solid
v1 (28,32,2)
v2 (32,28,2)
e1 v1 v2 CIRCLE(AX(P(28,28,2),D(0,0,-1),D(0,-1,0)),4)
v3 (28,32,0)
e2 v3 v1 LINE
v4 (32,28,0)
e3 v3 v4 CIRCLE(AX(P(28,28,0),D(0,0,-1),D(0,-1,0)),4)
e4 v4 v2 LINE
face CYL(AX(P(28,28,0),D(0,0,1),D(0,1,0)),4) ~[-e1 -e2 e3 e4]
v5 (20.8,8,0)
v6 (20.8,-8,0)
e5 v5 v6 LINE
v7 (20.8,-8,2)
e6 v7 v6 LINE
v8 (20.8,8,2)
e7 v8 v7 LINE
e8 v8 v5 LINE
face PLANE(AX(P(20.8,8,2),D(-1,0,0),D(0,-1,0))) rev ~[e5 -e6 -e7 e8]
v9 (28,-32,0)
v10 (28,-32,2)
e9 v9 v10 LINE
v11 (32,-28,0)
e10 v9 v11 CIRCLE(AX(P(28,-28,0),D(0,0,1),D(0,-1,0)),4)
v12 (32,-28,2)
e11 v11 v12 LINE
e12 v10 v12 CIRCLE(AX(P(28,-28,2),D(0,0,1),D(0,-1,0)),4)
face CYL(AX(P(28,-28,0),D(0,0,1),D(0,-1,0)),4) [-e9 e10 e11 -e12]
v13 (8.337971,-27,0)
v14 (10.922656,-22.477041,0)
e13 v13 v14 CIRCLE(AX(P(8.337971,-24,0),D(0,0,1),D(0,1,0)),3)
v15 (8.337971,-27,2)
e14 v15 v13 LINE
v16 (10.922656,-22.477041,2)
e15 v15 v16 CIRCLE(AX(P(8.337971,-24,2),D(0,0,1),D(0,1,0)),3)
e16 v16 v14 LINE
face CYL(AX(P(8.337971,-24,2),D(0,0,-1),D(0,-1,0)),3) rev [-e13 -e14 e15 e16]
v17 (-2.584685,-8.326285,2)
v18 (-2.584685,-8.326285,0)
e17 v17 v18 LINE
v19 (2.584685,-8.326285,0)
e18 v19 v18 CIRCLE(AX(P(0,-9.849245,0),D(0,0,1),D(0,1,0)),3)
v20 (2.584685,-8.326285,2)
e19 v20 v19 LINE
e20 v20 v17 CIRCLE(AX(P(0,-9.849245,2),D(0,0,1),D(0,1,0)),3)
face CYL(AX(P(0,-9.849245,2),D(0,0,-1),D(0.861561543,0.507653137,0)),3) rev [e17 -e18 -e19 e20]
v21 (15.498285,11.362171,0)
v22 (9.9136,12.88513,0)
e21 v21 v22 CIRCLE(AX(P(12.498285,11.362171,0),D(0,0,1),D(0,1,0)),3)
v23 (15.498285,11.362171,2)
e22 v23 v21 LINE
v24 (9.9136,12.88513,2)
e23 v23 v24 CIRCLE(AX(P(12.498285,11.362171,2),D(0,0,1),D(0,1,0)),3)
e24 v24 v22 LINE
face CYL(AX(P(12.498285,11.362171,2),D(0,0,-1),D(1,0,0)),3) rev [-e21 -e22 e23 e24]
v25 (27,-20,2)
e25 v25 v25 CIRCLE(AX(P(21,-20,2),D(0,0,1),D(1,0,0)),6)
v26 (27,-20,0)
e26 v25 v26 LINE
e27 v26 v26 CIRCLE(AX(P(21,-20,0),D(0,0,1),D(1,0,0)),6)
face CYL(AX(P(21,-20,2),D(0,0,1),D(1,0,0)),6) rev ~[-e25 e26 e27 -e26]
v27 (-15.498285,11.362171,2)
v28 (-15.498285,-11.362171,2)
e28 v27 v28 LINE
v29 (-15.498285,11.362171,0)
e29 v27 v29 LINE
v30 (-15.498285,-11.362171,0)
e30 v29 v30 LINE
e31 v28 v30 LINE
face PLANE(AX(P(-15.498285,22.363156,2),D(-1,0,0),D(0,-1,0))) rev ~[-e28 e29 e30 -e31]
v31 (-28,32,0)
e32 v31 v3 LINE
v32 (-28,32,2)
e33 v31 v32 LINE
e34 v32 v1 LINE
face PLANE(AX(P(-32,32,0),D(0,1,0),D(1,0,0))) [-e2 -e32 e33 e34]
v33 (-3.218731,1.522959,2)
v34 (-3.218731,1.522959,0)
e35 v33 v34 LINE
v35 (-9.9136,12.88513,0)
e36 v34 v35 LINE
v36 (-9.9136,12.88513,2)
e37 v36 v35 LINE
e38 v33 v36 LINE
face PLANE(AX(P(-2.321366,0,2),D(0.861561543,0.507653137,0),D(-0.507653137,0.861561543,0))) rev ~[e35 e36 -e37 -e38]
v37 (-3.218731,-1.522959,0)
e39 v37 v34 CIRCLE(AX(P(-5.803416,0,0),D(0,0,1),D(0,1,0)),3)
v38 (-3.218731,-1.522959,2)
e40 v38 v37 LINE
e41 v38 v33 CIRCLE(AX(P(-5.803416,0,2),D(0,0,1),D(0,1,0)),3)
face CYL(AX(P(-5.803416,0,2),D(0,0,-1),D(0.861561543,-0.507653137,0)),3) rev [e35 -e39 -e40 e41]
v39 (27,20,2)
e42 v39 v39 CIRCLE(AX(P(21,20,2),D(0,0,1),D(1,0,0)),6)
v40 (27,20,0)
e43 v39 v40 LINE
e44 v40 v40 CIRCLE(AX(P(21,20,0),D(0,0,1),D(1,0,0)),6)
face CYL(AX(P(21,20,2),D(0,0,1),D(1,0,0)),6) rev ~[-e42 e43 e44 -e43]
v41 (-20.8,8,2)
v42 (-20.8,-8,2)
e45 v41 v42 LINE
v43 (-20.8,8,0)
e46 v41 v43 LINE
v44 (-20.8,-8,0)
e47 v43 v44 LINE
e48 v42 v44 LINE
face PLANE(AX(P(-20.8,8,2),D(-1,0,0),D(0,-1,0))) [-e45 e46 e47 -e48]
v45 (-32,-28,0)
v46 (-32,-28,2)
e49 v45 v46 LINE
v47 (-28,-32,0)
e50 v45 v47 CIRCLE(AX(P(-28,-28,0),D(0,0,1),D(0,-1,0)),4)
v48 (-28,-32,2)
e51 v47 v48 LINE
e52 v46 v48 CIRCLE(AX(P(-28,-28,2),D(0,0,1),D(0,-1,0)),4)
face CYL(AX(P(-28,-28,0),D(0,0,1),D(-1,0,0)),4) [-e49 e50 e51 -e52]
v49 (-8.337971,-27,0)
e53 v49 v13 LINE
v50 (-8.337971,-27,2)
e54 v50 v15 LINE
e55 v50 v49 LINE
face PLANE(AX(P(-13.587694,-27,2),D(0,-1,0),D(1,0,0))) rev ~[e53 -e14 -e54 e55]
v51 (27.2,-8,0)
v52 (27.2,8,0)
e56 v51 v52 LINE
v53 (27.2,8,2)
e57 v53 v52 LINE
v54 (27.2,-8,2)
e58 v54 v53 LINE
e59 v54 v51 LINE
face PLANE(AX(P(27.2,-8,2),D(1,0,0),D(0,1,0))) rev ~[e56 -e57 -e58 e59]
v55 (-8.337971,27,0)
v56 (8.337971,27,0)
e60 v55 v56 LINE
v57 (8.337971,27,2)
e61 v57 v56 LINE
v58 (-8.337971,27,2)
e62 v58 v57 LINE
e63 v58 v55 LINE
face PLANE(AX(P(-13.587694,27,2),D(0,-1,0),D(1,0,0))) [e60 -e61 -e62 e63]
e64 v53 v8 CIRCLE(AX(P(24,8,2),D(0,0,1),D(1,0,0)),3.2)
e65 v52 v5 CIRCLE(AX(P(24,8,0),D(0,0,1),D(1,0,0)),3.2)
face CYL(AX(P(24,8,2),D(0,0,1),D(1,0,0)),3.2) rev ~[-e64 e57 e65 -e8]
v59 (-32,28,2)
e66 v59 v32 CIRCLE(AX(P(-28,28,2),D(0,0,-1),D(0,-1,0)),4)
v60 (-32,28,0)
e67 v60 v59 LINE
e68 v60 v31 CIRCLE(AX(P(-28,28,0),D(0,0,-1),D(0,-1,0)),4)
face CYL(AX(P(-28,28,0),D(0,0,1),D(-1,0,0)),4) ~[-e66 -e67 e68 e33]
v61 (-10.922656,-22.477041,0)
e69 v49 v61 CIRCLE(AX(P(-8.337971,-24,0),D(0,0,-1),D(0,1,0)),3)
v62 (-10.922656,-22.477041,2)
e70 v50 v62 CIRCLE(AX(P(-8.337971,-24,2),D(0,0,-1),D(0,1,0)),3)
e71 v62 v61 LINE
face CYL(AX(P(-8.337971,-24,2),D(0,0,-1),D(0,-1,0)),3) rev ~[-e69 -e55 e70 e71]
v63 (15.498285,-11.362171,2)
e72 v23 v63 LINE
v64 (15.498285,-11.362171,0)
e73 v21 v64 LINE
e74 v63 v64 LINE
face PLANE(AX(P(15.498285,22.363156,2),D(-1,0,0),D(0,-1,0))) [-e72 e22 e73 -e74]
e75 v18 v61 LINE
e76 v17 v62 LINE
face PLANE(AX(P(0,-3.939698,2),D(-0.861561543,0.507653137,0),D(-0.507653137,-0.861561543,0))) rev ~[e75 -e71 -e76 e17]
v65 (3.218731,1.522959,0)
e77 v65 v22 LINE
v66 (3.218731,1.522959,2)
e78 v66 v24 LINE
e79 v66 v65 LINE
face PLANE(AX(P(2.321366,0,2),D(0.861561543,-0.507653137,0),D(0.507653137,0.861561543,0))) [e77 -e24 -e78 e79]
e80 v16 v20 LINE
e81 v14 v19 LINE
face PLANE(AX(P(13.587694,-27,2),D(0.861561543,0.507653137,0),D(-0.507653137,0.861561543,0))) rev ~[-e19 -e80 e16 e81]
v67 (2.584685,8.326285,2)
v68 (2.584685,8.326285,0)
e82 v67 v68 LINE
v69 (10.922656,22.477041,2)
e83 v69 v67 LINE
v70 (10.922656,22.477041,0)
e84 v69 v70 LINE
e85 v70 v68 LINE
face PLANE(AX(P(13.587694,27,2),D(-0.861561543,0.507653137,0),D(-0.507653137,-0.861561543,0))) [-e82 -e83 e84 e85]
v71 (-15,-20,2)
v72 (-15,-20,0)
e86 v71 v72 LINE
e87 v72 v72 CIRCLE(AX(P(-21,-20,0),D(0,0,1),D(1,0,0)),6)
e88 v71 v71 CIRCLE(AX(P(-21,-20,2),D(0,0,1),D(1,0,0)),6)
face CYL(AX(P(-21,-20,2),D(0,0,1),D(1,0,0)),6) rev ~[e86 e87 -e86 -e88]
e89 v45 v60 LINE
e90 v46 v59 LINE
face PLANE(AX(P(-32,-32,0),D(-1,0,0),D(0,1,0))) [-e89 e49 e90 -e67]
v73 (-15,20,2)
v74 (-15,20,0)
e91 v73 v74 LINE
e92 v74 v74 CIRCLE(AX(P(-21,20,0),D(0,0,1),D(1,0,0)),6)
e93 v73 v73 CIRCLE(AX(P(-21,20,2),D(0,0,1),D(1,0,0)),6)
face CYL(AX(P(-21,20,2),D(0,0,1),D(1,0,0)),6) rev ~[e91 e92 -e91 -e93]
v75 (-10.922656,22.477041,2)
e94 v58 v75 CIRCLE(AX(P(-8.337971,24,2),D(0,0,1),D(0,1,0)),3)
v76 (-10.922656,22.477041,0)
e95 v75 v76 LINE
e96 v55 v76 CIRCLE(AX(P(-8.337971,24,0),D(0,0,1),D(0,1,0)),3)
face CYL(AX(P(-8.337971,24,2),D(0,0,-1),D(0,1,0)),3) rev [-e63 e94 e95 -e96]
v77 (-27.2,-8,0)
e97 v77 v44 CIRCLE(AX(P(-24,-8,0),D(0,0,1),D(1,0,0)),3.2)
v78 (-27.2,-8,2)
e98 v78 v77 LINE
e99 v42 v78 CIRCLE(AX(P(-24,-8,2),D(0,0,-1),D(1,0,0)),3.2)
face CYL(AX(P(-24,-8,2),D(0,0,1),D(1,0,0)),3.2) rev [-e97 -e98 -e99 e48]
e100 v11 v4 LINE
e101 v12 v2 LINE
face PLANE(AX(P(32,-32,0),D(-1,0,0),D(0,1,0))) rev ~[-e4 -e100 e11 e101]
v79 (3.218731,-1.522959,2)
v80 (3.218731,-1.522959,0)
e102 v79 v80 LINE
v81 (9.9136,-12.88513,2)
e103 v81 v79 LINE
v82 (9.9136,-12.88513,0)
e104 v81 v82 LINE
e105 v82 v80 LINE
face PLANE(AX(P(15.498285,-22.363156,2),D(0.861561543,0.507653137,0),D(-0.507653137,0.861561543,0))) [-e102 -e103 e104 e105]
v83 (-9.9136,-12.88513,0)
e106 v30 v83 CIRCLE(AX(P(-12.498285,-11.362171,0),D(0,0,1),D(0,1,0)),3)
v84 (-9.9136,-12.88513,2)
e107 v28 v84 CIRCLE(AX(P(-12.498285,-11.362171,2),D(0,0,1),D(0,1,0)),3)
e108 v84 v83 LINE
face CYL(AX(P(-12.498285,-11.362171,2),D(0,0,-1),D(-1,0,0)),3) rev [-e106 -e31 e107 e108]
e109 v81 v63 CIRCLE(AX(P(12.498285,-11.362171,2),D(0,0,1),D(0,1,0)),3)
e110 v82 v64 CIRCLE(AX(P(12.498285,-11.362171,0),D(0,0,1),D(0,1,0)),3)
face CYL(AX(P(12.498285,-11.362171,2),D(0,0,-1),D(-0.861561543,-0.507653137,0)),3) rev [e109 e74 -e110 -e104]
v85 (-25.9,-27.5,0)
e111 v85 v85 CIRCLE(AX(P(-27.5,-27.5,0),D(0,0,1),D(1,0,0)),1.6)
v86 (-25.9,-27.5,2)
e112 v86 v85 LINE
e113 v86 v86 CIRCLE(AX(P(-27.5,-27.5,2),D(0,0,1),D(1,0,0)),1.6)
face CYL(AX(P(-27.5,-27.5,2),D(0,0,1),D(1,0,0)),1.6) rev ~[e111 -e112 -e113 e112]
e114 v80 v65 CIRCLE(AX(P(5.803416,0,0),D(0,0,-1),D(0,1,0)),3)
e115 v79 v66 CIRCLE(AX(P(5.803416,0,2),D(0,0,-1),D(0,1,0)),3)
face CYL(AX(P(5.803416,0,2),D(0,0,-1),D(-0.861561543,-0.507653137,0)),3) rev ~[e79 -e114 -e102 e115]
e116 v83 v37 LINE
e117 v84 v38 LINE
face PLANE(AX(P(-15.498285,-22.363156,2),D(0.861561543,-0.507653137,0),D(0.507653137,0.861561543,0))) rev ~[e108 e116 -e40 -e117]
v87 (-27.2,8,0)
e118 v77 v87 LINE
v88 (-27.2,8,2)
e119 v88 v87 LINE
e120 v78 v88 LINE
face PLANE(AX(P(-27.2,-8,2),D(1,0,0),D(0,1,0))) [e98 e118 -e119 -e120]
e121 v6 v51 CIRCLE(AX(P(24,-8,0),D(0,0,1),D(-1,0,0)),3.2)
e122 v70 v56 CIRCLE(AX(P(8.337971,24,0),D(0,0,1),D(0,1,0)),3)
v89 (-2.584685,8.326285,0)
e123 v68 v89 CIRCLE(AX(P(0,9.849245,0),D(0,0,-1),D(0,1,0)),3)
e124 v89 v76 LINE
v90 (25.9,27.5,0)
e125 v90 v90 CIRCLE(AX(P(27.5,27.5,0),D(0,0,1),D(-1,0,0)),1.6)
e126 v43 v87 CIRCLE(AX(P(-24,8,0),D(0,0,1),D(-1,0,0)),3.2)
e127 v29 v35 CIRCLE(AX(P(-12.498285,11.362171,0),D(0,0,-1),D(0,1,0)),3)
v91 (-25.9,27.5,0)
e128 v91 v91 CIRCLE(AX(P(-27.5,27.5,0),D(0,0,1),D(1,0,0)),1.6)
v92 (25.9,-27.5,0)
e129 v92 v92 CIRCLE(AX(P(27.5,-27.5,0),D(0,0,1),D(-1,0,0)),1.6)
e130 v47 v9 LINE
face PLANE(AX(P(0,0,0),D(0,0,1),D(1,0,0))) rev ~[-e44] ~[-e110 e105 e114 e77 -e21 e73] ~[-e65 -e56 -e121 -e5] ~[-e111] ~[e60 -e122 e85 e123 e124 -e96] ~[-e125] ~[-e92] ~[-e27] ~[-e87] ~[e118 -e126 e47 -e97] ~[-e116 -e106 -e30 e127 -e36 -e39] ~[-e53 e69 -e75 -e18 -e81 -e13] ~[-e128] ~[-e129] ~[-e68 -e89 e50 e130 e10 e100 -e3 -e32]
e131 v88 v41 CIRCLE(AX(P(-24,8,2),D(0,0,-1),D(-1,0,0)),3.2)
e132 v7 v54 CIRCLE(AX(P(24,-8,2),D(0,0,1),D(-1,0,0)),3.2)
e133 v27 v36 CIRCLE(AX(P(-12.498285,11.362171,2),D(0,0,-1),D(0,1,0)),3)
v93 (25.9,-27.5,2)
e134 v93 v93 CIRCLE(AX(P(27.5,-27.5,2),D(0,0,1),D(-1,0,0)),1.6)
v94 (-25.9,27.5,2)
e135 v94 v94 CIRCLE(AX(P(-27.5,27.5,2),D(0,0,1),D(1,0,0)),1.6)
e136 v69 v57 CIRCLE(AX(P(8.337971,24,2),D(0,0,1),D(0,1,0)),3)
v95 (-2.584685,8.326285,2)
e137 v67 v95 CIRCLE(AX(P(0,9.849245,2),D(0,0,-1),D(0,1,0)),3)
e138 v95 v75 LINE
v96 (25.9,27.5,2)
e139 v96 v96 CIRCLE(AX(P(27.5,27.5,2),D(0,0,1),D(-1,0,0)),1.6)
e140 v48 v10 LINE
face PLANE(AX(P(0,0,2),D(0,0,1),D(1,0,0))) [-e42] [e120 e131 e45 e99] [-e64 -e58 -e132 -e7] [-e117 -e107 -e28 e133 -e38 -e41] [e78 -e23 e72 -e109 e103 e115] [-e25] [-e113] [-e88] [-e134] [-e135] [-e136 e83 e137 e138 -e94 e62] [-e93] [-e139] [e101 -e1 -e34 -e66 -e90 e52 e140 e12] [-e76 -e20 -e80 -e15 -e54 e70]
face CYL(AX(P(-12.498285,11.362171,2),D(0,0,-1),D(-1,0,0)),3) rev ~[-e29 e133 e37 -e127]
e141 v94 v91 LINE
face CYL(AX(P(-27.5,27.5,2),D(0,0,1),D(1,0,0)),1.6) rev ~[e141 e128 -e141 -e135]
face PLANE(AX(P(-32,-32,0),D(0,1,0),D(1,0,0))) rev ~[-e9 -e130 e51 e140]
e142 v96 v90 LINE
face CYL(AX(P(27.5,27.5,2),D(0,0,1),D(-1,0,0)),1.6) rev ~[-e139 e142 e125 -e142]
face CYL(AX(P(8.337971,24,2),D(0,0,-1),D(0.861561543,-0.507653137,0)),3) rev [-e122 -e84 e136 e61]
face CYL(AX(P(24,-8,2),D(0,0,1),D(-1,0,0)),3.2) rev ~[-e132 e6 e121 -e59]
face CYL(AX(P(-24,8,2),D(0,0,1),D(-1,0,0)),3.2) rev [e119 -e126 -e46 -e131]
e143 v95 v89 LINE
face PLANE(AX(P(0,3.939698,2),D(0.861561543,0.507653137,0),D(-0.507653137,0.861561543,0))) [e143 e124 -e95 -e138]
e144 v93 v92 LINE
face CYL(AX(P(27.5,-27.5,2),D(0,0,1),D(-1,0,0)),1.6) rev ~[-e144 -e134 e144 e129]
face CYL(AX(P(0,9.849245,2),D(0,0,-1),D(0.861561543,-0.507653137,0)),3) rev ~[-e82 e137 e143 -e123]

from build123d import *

# Parameters (mm, degrees)
SKETCH_1_W          = 64
SKETCH_1_H          = 64
EXTRUDE_1_DEPTH     = 2
SKETCH_2_R          = 1.6
CUT_EXTRUDE_1_DEPTH = 2
FILLET_1_R          = 4
CUT_EXTRUDE_2_DEPTH = 10
CUT_EXTRUDE_3_DEPTH = 10
FILLET_2_R          = 3
SKETCH_5_R          = 6
CUT_EXTRUDE_4_DEPTH = 10


with BuildPart() as part:
    # 草图1 → 凸台-拉伸1 (new body)
    with BuildSketch(Plane.XY):
        Rectangle(SKETCH_1_W, SKETCH_1_H)
    extrude(amount=EXTRUDE_1_DEPTH)

    # 草图2 → 切除-拉伸1 (cut)
    with BuildSketch(Plane.XY.offset(2)):
        with Locations((-27.5, -27.5)):
            Circle(SKETCH_2_R)
        with Locations((-27.5, 27.5)):
            Circle(SKETCH_2_R)
        with Locations(Location((27.5, -27.5, 0), (0, 0, 180))):
            Circle(SKETCH_2_R)
        with Locations(Location((27.5, 27.5, 0), (0, 0, 180))):
            Circle(SKETCH_2_R)
    extrude(amount=-CUT_EXTRUDE_1_DEPTH, mode=Mode.SUBTRACT)

    # 圆角1
    fillet_1_edges = [part.edges().sort_by_distance(p)[0] for p in [
        (32, -32, 1),
        (-32, -32, 1),
        (-32, 32, 1),
        (32, 32, 1),
    ]]
    fillet(fillet_1_edges, radius=FILLET_1_R)

    # 草图3 → 切除-拉伸2 (cut)
    with BuildSketch(Plane.XY.offset(2)):
        with BuildLine():
            Line((-20.8, 8), (-20.8, -8))
            ThreePointArc((-20.8, -8), (-24, -11.2), (-27.2, -8))
            Line((-27.2, -8), (-27.2, 8))
            ThreePointArc((-27.2, 8), (-24, 11.2), (-20.8, 8))
        make_face()
        with BuildLine():
            Line((20.8, 8), (20.8, -8))
            ThreePointArc((20.8, -8), (24, -11.2), (27.2, -8))
            Line((27.2, -8), (27.2, 8))
            ThreePointArc((27.2, 8), (24, 11.2), (20.8, 8))
        make_face()
    extrude(amount=-CUT_EXTRUDE_2_DEPTH, mode=Mode.SUBTRACT)

    # 草图4 → 切除-拉伸3 (cut)
    with BuildSketch(Plane.XY.offset(2)):
        Polygon((-15.498284962, 22.363155997), (-15.498284962, -22.363155997), (-2.32136638, 0), align=None)
        Polygon((-13.587694119, -27), (13.587694119, -27), (0, -3.939697902), align=None)
        Polygon((2.32136638, 0), (15.498284962, 22.363155997), (15.498284962, -22.363155997), align=None)
        Polygon((0, 3.939697902), (-13.587694119, 27), (13.587694119, 27), align=None)
    extrude(amount=-CUT_EXTRUDE_3_DEPTH, mode=Mode.SUBTRACT)

    # 圆角2
    fillet_2_edges = [part.edges().sort_by_distance(p)[0] for p in [
        (15.498284962, -22.363155997, 1),
        (2.32136638, 0, 1),
        (15.498284962, 22.363155997, 1),
        (-13.587694119, -27, 1),
        (0, -3.939697902, 1),
        (13.587694119, -27, 1),
        (13.587694119, 27, 1),
        (0, 3.939697902, 1),
        (-13.587694119, 27, 1),
        (-2.32136638, 0, 1),
        (-15.498284962, -22.363155997, 1),
        (-15.498284962, 22.363155997, 1),
    ]]
    fillet(fillet_2_edges, radius=FILLET_2_R)

    # 草图5 → 切除-拉伸4 (cut)
    with BuildSketch(Plane.XY.offset(2)):
        with Locations((21, 20)):
            Circle(SKETCH_5_R)
        with Locations((-21, 20)):
            Circle(SKETCH_5_R)
        with Locations((21, -20)):
            Circle(SKETCH_5_R)
        with Locations((-21, -20)):
            Circle(SKETCH_5_R)
    extrude(amount=-CUT_EXTRUDE_4_DEPTH, mode=Mode.SUBTRACT)


solid = part.part
